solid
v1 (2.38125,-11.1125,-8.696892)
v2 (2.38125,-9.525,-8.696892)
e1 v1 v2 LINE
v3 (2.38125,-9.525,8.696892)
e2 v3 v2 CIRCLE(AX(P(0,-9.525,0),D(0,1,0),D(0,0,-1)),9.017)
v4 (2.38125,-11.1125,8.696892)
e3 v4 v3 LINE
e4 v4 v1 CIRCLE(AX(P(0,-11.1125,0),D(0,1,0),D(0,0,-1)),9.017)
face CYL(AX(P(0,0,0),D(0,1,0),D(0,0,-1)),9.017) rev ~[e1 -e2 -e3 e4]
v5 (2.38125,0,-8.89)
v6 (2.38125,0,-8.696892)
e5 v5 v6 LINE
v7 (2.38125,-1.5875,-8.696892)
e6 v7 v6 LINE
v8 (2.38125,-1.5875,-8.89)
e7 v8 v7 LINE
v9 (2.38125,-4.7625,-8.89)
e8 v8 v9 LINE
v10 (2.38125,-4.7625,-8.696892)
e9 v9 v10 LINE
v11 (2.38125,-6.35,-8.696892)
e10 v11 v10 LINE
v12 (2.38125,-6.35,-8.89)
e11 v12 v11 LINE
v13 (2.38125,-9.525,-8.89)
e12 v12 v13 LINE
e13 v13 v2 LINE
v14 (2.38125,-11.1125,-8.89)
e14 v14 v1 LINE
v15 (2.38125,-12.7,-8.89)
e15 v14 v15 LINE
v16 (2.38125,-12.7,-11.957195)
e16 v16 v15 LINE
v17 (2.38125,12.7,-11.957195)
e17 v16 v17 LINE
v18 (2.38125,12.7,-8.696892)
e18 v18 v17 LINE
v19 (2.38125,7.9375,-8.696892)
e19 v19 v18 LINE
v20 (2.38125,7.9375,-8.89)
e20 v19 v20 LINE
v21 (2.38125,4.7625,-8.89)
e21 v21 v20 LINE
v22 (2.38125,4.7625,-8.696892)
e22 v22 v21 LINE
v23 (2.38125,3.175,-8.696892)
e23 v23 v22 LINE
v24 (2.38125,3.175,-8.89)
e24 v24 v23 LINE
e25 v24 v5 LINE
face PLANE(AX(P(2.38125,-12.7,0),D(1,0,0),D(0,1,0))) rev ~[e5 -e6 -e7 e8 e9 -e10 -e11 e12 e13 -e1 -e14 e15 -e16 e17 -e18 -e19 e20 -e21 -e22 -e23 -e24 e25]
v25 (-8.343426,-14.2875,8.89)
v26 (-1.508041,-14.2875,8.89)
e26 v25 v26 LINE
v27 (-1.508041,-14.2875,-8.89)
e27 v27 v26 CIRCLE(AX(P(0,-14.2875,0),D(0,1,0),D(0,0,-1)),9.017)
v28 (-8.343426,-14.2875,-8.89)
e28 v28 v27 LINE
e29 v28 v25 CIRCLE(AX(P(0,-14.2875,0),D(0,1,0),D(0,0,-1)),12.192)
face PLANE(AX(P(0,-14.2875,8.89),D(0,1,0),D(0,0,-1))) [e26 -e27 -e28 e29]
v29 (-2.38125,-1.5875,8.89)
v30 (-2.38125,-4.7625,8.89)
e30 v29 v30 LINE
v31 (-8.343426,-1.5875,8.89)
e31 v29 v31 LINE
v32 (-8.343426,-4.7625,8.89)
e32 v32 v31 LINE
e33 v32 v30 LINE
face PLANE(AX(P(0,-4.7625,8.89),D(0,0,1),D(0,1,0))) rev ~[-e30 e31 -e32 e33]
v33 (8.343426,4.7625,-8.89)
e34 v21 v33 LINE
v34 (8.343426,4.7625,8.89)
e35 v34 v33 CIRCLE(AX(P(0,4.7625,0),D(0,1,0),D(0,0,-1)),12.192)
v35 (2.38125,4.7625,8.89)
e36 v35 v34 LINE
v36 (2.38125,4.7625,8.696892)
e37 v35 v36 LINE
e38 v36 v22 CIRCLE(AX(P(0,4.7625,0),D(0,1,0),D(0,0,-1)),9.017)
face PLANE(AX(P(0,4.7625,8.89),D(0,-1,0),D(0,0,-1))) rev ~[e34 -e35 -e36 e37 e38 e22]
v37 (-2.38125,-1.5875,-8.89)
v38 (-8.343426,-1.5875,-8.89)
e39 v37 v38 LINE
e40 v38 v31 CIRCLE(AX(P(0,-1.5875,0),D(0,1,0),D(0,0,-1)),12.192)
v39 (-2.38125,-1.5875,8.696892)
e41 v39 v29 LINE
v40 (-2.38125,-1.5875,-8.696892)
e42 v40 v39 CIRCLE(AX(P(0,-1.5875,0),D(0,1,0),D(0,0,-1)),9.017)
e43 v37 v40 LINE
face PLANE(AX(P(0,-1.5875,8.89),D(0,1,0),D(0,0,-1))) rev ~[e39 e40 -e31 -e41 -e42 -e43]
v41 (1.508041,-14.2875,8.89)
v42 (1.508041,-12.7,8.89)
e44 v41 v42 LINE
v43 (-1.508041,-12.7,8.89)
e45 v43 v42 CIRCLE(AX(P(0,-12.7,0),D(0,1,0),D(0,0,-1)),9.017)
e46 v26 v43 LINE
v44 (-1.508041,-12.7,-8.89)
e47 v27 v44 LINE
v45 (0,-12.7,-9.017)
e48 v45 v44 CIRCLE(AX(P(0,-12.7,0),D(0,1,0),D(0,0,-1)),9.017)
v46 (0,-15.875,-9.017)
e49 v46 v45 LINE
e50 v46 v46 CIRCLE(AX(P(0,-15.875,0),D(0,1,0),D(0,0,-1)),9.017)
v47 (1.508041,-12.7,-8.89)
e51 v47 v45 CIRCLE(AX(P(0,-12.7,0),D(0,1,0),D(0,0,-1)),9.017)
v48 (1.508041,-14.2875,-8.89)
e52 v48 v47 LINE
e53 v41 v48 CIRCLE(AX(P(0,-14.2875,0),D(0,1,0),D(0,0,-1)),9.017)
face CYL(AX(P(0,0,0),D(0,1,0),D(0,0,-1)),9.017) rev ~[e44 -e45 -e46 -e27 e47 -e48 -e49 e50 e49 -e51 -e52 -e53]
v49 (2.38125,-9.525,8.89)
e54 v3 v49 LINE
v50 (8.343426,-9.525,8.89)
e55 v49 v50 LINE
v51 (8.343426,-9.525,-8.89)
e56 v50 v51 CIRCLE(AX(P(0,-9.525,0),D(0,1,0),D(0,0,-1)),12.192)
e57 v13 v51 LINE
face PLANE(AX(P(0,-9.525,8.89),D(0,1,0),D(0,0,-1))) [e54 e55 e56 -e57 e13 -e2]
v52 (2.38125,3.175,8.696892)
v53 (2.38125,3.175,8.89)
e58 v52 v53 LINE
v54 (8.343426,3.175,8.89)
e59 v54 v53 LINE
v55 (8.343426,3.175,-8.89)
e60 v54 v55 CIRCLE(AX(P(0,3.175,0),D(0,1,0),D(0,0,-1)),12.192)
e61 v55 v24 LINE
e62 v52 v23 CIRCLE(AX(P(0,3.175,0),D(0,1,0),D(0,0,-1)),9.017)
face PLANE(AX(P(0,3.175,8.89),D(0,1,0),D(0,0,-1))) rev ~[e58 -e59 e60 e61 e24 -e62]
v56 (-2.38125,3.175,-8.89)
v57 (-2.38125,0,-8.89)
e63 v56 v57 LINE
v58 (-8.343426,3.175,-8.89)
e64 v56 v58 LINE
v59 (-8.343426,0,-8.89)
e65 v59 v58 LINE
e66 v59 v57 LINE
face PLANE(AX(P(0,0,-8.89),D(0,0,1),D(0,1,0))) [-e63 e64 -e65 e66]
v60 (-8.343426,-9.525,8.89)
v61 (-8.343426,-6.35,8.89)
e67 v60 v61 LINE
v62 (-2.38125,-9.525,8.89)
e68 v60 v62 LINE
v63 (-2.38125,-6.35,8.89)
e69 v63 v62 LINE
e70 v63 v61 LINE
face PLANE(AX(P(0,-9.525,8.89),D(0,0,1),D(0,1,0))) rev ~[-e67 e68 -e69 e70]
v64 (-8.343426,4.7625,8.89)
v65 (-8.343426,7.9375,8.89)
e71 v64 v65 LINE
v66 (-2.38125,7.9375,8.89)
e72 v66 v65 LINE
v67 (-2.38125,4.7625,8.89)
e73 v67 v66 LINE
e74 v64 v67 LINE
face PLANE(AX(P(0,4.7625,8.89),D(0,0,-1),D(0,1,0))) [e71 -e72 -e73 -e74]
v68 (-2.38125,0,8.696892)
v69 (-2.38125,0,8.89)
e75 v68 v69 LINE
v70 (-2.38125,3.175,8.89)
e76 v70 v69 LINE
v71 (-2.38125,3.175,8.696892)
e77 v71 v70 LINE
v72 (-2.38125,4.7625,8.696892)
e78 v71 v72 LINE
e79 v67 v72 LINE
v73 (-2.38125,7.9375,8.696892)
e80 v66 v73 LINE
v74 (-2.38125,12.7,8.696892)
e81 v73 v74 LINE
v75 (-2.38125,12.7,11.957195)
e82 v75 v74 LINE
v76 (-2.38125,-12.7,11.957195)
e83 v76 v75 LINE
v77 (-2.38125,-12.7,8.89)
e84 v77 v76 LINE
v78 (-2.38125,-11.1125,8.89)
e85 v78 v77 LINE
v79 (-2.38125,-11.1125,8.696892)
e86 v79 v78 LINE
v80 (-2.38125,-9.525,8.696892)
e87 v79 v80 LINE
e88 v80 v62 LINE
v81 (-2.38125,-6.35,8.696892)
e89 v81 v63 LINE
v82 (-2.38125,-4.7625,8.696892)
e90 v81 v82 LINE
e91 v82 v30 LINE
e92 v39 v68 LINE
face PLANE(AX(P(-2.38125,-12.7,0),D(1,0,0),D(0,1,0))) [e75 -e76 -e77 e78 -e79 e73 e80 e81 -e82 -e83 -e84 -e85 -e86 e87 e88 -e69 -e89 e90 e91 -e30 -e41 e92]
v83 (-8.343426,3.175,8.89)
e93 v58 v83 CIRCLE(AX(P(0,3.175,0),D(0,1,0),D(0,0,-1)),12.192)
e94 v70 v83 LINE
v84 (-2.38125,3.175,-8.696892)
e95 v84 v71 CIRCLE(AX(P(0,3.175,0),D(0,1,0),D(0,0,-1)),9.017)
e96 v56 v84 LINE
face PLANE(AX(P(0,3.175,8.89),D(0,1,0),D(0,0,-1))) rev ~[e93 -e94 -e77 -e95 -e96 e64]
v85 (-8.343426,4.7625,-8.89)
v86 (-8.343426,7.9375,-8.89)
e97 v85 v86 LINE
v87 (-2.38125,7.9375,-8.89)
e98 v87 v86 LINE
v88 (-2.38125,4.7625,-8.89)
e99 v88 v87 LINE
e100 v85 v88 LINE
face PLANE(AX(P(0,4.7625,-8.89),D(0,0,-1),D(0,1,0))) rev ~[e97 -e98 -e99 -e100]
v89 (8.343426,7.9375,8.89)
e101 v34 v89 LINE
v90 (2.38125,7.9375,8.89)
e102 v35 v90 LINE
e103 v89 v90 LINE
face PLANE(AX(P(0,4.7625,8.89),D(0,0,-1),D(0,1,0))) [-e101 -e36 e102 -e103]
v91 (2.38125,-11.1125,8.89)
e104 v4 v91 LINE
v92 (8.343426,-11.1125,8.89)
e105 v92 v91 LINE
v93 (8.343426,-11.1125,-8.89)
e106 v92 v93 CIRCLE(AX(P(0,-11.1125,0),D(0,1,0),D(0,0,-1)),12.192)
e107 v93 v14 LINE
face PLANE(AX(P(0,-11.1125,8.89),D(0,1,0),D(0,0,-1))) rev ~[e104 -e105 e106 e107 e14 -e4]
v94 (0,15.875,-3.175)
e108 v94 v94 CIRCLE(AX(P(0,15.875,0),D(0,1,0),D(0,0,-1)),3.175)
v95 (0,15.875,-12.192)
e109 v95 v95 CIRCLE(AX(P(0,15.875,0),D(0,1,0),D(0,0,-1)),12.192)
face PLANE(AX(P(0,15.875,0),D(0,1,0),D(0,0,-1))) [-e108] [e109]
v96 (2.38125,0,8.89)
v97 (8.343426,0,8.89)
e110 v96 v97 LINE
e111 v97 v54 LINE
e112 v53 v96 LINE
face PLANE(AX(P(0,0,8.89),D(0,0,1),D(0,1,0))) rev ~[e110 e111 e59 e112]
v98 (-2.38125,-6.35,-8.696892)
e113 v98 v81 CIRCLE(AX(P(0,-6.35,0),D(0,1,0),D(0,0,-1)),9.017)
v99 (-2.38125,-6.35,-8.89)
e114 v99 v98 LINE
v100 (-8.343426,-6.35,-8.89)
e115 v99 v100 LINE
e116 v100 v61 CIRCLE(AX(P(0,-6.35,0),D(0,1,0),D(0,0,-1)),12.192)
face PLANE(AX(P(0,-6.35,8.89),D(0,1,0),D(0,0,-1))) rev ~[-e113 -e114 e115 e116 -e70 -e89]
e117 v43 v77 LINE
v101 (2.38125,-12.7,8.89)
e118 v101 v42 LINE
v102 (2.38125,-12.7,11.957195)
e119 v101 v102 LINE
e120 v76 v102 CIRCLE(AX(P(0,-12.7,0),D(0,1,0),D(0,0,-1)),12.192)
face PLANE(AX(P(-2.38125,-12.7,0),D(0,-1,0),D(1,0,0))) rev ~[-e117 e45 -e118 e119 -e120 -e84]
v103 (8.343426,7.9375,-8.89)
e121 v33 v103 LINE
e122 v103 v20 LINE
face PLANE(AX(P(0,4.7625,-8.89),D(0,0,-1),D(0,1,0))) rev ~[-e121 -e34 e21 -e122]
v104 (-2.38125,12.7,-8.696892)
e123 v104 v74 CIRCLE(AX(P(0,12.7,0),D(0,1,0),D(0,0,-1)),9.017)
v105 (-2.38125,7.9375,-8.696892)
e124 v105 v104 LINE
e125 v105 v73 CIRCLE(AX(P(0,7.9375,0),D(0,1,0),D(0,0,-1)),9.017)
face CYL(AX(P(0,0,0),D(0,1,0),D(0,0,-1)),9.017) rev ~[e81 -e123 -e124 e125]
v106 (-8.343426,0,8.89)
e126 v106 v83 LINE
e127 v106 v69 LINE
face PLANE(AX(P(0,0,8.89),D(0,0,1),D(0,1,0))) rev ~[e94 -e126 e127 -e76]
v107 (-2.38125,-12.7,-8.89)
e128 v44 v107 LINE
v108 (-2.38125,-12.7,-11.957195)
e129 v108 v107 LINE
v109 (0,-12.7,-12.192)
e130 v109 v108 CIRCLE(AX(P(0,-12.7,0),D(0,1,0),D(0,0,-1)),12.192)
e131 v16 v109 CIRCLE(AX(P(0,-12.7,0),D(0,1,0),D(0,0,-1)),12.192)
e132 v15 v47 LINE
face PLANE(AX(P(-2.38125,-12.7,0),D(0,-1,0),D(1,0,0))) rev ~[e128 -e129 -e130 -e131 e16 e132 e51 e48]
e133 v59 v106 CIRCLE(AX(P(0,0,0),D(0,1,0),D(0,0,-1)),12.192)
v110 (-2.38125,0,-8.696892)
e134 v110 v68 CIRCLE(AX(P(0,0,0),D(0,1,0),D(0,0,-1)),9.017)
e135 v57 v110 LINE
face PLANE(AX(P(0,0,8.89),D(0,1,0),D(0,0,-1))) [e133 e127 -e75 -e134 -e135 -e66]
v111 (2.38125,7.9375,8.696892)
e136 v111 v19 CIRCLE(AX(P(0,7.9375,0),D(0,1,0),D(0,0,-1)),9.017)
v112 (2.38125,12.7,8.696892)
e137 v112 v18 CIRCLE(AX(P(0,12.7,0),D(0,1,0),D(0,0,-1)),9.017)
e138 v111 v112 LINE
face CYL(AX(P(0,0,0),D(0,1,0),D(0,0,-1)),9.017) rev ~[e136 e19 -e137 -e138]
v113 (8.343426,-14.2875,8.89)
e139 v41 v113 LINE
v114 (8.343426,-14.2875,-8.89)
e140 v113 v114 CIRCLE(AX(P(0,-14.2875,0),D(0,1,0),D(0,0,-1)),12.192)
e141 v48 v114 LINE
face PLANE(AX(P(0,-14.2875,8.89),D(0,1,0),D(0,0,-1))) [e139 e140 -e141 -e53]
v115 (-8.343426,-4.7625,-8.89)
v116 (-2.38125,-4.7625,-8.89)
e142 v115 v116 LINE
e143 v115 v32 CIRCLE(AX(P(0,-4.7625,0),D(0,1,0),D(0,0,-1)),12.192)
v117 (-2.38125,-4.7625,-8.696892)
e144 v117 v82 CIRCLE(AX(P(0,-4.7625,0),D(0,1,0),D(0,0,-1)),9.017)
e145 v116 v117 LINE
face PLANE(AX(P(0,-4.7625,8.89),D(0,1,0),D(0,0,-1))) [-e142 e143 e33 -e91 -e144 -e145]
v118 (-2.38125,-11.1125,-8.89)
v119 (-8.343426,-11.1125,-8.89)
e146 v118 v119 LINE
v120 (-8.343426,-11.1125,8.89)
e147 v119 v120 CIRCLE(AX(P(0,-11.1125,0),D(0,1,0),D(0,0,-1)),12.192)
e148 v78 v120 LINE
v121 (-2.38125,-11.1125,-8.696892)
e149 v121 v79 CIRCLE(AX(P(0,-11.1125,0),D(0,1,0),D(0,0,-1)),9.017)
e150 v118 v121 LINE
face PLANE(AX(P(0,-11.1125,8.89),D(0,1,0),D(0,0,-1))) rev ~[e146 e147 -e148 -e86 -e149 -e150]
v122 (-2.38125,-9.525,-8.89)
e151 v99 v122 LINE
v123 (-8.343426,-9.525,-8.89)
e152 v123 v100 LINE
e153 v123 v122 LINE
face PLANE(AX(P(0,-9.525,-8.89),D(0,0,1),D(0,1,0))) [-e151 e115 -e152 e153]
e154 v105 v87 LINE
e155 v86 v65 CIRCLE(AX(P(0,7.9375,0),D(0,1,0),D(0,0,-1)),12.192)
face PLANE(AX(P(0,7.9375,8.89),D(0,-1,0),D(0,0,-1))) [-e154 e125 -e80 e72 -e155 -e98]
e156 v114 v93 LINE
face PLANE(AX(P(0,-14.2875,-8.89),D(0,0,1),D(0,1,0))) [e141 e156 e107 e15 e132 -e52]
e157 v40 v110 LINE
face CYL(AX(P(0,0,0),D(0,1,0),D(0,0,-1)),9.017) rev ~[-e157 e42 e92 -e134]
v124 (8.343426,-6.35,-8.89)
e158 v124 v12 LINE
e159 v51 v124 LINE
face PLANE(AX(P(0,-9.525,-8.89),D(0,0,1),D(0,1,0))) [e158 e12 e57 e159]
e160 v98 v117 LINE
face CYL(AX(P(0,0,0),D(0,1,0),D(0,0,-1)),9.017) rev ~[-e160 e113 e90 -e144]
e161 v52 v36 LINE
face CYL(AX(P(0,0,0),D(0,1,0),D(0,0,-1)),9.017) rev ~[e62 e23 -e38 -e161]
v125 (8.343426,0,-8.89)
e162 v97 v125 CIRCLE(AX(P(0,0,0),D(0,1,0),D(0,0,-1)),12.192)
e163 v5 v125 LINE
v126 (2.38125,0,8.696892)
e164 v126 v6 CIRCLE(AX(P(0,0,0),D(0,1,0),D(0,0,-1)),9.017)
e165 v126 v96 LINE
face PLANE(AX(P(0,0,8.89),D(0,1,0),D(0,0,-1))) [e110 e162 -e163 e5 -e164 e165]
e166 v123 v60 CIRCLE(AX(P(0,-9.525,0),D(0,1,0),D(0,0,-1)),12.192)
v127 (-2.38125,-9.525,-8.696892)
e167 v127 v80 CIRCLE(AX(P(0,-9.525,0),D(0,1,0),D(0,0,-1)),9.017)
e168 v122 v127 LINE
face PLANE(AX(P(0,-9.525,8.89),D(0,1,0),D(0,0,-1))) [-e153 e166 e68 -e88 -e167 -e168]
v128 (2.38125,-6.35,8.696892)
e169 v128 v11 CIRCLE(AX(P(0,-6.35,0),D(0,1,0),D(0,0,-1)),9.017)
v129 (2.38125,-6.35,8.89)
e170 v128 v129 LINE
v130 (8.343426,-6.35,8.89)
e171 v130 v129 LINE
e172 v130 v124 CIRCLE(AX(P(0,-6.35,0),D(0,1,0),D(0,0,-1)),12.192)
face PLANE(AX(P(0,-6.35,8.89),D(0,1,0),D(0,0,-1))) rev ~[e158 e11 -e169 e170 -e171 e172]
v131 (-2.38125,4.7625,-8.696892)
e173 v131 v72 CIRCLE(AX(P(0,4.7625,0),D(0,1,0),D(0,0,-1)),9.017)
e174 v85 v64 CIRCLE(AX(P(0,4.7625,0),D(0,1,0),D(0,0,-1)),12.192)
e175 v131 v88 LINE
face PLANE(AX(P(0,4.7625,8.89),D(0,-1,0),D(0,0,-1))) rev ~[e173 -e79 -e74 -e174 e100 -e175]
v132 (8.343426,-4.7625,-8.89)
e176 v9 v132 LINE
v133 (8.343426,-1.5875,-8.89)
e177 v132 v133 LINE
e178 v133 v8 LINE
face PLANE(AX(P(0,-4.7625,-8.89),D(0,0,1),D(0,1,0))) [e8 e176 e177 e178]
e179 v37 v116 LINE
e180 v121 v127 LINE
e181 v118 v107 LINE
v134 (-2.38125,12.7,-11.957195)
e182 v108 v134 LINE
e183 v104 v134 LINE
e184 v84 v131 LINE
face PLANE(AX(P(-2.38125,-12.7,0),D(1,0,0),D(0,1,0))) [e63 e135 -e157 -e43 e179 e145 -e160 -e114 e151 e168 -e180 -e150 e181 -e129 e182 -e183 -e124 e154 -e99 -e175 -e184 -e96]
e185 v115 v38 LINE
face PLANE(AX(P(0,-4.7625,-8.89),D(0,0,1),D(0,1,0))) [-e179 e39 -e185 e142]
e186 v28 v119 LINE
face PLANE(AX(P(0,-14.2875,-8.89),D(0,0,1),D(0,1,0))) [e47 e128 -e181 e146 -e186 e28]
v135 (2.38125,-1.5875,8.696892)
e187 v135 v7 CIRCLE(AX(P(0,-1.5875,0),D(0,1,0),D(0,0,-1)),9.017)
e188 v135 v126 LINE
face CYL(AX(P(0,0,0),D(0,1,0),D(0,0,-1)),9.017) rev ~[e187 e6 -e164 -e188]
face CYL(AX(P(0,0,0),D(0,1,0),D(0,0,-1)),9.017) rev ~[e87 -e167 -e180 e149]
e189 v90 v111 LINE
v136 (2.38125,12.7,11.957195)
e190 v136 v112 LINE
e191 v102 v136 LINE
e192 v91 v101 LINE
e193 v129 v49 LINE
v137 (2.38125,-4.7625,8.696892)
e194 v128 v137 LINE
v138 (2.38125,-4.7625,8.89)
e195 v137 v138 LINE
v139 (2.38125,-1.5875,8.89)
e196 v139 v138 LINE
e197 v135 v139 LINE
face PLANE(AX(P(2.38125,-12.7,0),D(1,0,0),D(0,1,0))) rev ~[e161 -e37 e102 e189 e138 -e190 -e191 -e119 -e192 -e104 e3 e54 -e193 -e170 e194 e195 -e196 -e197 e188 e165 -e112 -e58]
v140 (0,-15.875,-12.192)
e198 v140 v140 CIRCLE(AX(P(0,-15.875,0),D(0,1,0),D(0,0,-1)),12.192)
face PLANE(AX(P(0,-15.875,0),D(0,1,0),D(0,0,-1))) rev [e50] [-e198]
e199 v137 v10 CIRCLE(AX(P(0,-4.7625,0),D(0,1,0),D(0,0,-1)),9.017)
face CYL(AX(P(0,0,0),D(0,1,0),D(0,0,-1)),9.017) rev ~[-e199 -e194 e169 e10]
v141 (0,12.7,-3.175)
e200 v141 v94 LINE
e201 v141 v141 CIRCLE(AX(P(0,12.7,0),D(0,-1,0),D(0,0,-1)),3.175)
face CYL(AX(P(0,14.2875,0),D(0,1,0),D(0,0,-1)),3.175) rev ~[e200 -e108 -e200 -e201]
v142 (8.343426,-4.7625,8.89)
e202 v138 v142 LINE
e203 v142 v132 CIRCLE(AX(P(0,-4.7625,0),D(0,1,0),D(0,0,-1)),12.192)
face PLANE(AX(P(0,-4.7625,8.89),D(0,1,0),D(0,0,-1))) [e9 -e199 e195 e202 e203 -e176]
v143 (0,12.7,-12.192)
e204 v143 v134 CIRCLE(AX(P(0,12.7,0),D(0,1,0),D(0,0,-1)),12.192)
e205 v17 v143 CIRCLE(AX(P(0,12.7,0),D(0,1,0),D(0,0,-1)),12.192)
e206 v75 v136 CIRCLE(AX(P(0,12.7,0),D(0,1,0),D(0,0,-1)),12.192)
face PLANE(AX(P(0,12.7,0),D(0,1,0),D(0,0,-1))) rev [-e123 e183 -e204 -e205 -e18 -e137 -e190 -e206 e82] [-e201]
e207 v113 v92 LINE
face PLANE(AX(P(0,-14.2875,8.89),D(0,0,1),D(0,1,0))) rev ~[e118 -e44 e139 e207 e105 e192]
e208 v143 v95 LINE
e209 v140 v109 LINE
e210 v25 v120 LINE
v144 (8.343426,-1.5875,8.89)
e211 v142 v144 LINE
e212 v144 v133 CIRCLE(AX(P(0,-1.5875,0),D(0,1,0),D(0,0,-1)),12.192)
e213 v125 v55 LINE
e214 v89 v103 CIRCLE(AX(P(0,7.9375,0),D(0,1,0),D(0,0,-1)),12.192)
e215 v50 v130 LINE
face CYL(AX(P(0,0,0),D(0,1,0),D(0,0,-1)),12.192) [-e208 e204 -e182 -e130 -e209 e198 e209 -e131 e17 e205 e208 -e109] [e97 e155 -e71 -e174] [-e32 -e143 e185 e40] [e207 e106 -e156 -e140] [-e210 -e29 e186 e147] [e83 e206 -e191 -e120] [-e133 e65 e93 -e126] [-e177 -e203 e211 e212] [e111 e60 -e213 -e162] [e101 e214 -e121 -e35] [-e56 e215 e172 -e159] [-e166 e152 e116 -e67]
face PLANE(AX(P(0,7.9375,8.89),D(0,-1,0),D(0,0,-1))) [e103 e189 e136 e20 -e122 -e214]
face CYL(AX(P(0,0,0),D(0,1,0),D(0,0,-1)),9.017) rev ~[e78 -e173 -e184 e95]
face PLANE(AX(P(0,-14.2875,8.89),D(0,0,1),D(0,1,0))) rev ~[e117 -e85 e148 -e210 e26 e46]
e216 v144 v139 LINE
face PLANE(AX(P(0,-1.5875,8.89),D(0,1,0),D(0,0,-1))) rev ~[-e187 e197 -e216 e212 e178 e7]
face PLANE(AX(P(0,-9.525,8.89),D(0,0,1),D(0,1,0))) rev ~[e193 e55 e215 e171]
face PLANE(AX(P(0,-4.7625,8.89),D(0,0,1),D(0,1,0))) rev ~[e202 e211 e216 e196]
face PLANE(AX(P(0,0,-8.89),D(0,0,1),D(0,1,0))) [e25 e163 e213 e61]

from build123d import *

# Parameters (mm, degrees)
SKETCH1_W          = 5.842
SKETCH1_H          = 3.175
SKETCH1_W_2        = 3.175
SKETCH1_H_2        = 31.75
SKETCH2_W          = 4.7625
SKETCH2_H          = 25.4
CUT_EXTRUDE1_DEPTH = 25.4
SKETCH3_W          = 17.78
SKETCH3_H          = 3.175
CUT_EXTRUDE2_DEPTH = 25.4


with BuildPart() as part:
    # Sketch1 → Revolve1 (revolve)
    with BuildSketch(Plane.XY, mode=Mode.PRIVATE) as revolve1_sk:
        with Locations((6.096, 14.2875)):
            Rectangle(SKETCH1_W, SKETCH1_H)
        with Locations((10.6045, 0)):
            Rectangle(SKETCH1_W_2, SKETCH1_H_2)
    revolve(revolve1_sk.sketch.rotate(Axis((0, 0, 0), (0, 1, 0)), 90), axis=Axis((0, 0, 0), (0, 1, 0)))

    # Sketch2 → Cut-Extrude1 (cut, symmetric)
    with BuildSketch(Plane.XY):
        Rectangle(SKETCH2_W, SKETCH2_H)
    extrude(amount=CUT_EXTRUDE1_DEPTH, both=True, mode=Mode.SUBTRACT)

    # Sketch3 → Cut-Extrude2 (cut, symmetric)
    with BuildSketch(Plane(origin=(0, 0, 0), x_dir=(0, 0, -1), z_dir=(1, 0, 0))):
        with Locations((0, -12.7)):
            Rectangle(SKETCH3_W, SKETCH3_H)
        with Locations((0, -7.9375)):
            Rectangle(SKETCH3_W, SKETCH3_H)
        with Locations((0, -3.175)):
            Rectangle(SKETCH3_W, SKETCH3_H)
        with Locations((0, 1.5875)):
            Rectangle(SKETCH3_W, SKETCH3_H)
        with Locations((0, 6.35)):
            Rectangle(SKETCH3_W, SKETCH3_H)
    extrude(amount=CUT_EXTRUDE2_DEPTH, both=True, mode=Mode.SUBTRACT)


solid = part.part
